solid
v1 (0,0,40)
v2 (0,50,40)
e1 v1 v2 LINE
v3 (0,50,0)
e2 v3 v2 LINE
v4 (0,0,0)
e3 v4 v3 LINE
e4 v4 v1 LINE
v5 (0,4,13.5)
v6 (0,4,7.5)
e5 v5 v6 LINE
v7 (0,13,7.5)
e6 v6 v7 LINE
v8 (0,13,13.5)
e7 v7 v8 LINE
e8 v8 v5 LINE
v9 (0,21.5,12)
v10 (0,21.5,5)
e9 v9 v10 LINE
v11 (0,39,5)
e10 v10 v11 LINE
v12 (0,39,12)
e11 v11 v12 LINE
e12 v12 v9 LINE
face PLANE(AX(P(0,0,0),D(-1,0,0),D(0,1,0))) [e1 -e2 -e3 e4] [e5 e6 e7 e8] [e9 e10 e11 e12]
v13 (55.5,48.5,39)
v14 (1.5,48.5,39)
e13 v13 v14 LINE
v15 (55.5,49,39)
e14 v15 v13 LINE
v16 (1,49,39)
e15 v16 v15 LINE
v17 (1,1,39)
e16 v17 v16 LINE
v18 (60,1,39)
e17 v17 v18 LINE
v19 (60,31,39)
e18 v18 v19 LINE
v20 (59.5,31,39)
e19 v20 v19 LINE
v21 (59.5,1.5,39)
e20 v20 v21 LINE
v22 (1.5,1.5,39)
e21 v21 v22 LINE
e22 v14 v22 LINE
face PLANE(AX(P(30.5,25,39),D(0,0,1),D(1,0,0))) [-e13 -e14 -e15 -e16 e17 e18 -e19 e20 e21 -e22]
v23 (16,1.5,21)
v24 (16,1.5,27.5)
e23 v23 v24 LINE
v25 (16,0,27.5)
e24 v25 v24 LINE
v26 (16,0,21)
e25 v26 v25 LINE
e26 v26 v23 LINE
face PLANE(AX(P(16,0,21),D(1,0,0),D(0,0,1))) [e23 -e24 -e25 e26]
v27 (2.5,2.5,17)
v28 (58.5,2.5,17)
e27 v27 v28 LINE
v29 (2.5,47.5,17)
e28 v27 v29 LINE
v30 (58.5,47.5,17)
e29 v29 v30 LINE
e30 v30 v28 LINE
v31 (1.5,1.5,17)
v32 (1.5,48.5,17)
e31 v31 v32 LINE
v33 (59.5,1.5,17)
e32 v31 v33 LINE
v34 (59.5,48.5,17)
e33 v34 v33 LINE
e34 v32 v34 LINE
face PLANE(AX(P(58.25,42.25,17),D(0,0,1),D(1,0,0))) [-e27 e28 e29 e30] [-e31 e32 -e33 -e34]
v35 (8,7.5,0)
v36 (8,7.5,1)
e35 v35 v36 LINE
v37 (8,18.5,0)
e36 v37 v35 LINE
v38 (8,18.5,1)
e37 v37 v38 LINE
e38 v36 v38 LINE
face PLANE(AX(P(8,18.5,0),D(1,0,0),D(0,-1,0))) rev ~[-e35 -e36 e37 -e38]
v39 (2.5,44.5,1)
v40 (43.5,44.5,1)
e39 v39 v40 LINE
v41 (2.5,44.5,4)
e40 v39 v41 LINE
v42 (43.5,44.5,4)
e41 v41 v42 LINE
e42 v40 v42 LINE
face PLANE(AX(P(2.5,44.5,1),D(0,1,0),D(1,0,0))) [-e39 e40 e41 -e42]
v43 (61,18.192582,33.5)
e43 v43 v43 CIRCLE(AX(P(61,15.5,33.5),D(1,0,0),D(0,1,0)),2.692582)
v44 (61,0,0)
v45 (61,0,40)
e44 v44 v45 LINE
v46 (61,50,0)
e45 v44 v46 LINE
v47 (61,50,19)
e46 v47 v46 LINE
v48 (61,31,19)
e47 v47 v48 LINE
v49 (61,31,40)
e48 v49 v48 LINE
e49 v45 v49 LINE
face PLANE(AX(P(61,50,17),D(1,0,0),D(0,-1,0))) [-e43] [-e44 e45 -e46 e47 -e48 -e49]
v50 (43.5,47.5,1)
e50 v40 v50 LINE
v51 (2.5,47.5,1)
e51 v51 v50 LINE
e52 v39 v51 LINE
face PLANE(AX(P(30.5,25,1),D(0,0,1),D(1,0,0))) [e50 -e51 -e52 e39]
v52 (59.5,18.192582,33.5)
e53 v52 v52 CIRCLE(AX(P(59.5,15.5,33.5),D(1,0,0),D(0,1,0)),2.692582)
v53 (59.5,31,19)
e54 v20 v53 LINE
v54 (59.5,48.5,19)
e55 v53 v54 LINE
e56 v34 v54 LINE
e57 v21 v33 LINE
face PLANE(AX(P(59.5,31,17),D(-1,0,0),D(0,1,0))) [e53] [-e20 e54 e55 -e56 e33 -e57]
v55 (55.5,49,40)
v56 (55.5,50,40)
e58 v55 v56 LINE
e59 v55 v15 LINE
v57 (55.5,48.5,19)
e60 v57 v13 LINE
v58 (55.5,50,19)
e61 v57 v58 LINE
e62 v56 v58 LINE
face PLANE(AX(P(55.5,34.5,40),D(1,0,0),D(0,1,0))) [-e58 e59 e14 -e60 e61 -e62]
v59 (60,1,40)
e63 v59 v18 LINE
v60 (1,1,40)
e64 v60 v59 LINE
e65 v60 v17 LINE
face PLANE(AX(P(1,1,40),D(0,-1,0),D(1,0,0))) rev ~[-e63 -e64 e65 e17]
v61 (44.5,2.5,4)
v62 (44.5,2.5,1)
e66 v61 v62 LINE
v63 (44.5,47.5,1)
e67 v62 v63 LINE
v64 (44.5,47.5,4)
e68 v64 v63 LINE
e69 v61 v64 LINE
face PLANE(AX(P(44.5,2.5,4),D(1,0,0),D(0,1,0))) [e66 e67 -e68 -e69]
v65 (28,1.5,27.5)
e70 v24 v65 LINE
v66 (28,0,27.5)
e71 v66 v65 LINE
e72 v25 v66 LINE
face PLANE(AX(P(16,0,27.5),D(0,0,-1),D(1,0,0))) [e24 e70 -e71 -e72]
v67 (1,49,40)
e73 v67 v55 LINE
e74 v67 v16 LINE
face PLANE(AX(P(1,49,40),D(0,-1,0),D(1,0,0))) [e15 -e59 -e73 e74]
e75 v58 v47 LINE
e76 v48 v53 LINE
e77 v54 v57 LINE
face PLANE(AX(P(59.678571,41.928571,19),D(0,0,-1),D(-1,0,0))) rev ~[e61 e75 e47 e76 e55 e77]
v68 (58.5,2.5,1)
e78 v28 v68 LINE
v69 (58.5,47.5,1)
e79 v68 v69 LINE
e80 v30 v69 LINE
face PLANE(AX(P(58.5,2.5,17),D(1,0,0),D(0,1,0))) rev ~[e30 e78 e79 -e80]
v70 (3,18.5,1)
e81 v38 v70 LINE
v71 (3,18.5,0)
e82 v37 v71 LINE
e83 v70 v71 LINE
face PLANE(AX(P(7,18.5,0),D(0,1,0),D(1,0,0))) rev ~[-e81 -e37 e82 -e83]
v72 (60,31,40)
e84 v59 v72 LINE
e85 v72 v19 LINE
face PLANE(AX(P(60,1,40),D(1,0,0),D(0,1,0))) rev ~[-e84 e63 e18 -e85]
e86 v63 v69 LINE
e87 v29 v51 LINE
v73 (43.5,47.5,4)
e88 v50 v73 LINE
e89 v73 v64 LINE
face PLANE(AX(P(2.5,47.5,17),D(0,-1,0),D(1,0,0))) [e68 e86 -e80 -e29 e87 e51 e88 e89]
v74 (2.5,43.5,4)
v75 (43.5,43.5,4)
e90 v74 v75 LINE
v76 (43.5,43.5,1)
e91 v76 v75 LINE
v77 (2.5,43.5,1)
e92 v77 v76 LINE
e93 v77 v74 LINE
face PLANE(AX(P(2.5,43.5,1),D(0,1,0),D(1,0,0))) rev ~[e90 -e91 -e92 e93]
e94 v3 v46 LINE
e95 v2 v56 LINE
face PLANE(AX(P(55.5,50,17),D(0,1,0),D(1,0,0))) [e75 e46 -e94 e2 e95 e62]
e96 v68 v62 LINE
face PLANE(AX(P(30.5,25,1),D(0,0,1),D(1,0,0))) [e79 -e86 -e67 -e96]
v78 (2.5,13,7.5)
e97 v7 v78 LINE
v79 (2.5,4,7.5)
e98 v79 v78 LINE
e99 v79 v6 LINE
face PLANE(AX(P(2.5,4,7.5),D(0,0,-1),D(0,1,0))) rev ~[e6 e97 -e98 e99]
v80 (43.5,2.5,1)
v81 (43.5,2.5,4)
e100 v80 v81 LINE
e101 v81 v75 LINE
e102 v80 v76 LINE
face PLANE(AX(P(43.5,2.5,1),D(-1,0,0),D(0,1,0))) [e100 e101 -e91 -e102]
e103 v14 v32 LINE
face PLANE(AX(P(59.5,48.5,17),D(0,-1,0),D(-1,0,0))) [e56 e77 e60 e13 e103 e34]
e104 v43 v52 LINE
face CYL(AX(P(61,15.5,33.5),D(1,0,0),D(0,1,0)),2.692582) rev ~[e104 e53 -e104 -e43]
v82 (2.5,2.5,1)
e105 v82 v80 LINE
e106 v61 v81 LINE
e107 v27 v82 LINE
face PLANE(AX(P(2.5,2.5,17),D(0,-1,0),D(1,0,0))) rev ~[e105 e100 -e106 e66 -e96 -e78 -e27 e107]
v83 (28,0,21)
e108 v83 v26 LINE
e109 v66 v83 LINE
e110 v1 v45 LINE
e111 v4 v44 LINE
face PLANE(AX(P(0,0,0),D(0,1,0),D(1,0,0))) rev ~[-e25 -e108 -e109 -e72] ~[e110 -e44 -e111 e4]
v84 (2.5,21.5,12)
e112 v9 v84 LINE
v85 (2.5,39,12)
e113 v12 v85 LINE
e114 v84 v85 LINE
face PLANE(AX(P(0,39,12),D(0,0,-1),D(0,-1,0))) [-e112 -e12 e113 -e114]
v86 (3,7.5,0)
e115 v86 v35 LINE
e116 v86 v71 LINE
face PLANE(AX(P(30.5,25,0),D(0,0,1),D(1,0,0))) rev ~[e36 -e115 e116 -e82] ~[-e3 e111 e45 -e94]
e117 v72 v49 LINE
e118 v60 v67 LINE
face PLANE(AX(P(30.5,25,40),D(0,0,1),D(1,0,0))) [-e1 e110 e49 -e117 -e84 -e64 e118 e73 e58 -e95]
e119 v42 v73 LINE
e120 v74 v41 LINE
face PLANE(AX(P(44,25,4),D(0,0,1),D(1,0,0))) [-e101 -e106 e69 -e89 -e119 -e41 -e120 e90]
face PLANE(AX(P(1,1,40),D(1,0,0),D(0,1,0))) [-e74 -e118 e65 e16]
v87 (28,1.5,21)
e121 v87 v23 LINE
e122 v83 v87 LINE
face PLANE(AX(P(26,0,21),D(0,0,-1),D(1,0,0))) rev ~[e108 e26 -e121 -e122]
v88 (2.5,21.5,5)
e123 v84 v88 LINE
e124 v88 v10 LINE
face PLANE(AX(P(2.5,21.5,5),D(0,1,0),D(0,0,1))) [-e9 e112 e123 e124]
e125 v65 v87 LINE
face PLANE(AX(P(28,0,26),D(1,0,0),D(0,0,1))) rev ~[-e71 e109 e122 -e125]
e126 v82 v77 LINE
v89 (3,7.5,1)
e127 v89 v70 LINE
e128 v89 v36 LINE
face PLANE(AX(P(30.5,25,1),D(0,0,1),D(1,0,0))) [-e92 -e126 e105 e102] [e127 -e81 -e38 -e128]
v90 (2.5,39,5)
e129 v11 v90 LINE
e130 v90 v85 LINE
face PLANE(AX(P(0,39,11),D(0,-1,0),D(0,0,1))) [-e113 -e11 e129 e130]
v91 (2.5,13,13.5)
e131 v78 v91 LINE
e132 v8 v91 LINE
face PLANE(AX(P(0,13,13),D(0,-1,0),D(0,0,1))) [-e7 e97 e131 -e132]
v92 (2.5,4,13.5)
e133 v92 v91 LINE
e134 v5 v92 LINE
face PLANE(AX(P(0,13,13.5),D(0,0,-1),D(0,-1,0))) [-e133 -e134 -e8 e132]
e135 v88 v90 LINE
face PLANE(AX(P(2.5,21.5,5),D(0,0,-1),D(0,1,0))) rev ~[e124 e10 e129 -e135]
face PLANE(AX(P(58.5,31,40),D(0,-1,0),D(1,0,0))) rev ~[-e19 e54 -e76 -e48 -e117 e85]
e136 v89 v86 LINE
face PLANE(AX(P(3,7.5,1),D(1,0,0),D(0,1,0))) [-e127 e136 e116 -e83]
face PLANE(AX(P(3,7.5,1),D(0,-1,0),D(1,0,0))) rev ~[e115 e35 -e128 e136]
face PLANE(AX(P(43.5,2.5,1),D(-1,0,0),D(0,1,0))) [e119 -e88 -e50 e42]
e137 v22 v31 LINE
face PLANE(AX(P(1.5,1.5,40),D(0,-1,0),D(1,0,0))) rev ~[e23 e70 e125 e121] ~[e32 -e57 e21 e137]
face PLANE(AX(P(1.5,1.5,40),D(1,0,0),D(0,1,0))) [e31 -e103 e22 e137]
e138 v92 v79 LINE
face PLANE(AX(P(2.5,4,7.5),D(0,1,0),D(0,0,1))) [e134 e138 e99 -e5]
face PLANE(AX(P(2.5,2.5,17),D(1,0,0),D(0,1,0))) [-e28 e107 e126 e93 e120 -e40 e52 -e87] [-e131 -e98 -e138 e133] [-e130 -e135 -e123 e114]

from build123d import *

# Parameters (mm, degrees)
SKETCH_W        = 61
SKETCH_H        = 50
PAD_DEPTH       = 40
SKETCH001_W     = 58
SKETCH001_H     = 47
POCKET_DEPTH    = 23
SKETCH002_W     = 56
SKETCH002_H     = 45
POCKET001_DEPTH = 16
SKETCH003_W     = 1
SKETCH003_H     = 45
PAD001_DEPTH    = 3
SKETCH004_W     = 4
SKETCH004_H     = 11
POCKET002_DEPTH = 5
SKETCH005_W     = 5.5
SKETCH005_H     = 15.5
POCKET003_DEPTH = 23
SKETCH006_W     = 59
SKETCH006_H     = 48
POCKET004_DEPTH = 1
SKETCH007_W     = 2.5
SKETCH007_H     = 3.5
POCKET005_DEPTH = 23
SKETCH009_W     = 10
SKETCH009_H     = 5
POCKET006_DEPTH = 5
PAD002_DEPTH    = 2
SKETCH011_W     = 8
SKETCH011_H     = 4.5
POCKET007_DEPTH = 5
SKETCH012_W     = 15.5
SKETCH012_H     = 6
POCKET008_DEPTH = 5
SKETCH013_W     = 9
SKETCH013_H     = 1
POCKET009_DEPTH = 3
SKETCH014_W     = 1
SKETCH014_H     = 4.5
POCKET010_DEPTH = 5
SKETCH015_W     = 9
SKETCH015_H     = 0.5
POCKET011_DEPTH = 5
SKETCH016_W     = 17.5
SKETCH016_H     = 1
POCKET012_DEPTH = 5
SKETCH017_W     = 2
SKETCH017_H     = 6
POCKET013_DEPTH = 5
SKETCH018_W     = 1
SKETCH018_H     = 11
POCKET014_DEPTH = 5
SKETCH019_W     = 12
SKETCH019_H     = 1.5
POCKET015_DEPTH = 5
SKETCH020_W     = 2
SKETCH020_H     = 5
POCKET016_DEPTH = 5
SKETCH021_R     = 2.692582
POCKET017_DEPTH = 5
SKETCH022_W     = 1
SKETCH022_H     = 45
PAD003_DEPTH    = 3
SKETCH023_W     = 41
SKETCH023_H     = 1
PAD004_DEPTH    = 3
SKETCH024_W     = 1
SKETCH024_H     = 45
POCKET018_DEPTH = 3


with BuildPart() as part:
    # Sketch → Pad (new body)
    with BuildSketch(Plane.XY):
        with Locations((30.5, 25)):
            Rectangle(SKETCH_W, SKETCH_H)
    extrude(amount=PAD_DEPTH)

    # Sketch001 (on Face6 of Pad) → Pocket (cut)
    with BuildSketch(Plane.XY.offset(40)):
        with Locations((30.5, 25)):
            Rectangle(SKETCH001_W, SKETCH001_H)
    extrude(amount=-POCKET_DEPTH, mode=Mode.SUBTRACT)

    # Sketch002 (on Face11 of Pocket) → Pocket001 (cut)
    with BuildSketch(Plane.XY.offset(17)):
        with Locations((30.5, 25)):
            Rectangle(SKETCH002_W, SKETCH002_H)
    extrude(amount=-POCKET001_DEPTH, mode=Mode.SUBTRACT)

    # Sketch003 (on Face16 of Pocket001) → Pad001 (join)
    with BuildSketch(Plane.XY.offset(1)):
        with Locations((45, 25)):
            Rectangle(SKETCH003_W, SKETCH003_H)
    extrude(amount=PAD001_DEPTH)

    # Sketch004 (on Face20 of Pad001) → Pocket002 (cut)
    with BuildSketch(Plane.XY.offset(1)):
        with Locations((5, 13)):
            Rectangle(SKETCH004_W, SKETCH004_H)
    extrude(amount=-POCKET002_DEPTH, mode=Mode.SUBTRACT)

    # Sketch005 (on Face5 of Pocket002) → Pocket003 (cut)
    with BuildSketch(Plane.XY.offset(40)):
        with Locations((58.25, 42.25)):
            Rectangle(SKETCH005_W, SKETCH005_H)
    extrude(amount=-POCKET003_DEPTH, mode=Mode.SUBTRACT)

    # Sketch006 (on Face5 of Pocket003) → Pocket004 (cut)
    with BuildSketch(Plane.XY.offset(40)):
        with Locations((30.5, 25)):
            Rectangle(SKETCH006_W, SKETCH006_H)
    extrude(amount=-POCKET004_DEPTH, mode=Mode.SUBTRACT)

    # Sketch007 (on Face5 of Pocket004) → Pocket005 (cut)
    with BuildSketch(Plane.XY.offset(40)):
        with Locations((59.75, 32.75)):
            Rectangle(SKETCH007_W, SKETCH007_H)
    extrude(amount=-POCKET005_DEPTH, mode=Mode.SUBTRACT)

    # Sketch009 (on Face1 of Pocket005) → Pocket006 (cut)
    with BuildSketch(Plane.XZ):
        with Locations((21, 23.5)):
            Rectangle(SKETCH009_W, SKETCH009_H)
    extrude(amount=-POCKET006_DEPTH, mode=Mode.SUBTRACT)

    # Sketch010 (on Face21 of Pocket006) → Pad002 (join)
    with BuildSketch(Plane.XY.offset(17)):
        Polygon((55.5, 50), (61, 50), (61, 31), (59.5, 31), (59.5, 48.5), (55.5, 48.5), align=None)
    extrude(amount=PAD002_DEPTH)

    # Sketch011 (on Face31 of Pad002) → Pocket007 (cut)
    with BuildSketch(Plane.YZ.offset(2.5)):
        with Locations((8, 9.75)):
            Rectangle(SKETCH011_W, SKETCH011_H)
    extrude(amount=-POCKET007_DEPTH, mode=Mode.SUBTRACT)

    # Sketch012 (on Face28 of Pocket007) → Pocket008 (cut)
    with BuildSketch(Plane.YZ.offset(2.5)):
        with Locations((29.25, 8)):
            Rectangle(SKETCH012_W, SKETCH012_H)
    extrude(amount=-POCKET008_DEPTH, mode=Mode.SUBTRACT)

    # Sketch013 (on Face2 of Pocket008) → Pocket009 (cut)
    with BuildSketch(Plane(origin=(0, 0, 0), x_dir=(0, -1, 0), z_dir=(-1, 0, 0))):
        with Locations((-8.5, 12.5)):
            Rectangle(SKETCH013_W, SKETCH013_H)
    extrude(amount=-POCKET009_DEPTH, mode=Mode.SUBTRACT)

    # Sketch014 (on Face2 of Pocket009) → Pocket010 (cut)
    with BuildSketch(Plane(origin=(0, 0, 0), x_dir=(0, -1, 0), z_dir=(-1, 0, 0))):
        with Locations((-12.5, 9.75)):
            Rectangle(SKETCH014_W, SKETCH014_H)
    extrude(amount=-POCKET010_DEPTH, mode=Mode.SUBTRACT)

    # Sketch015 (on Face2 of Pocket010) → Pocket011 (cut)
    with BuildSketch(Plane(origin=(0, 0, 0), x_dir=(0, -1, 0), z_dir=(-1, 0, 0))):
        with Locations((-8.5, 13.25)):
            Rectangle(SKETCH015_W, SKETCH015_H)
    extrude(amount=-POCKET011_DEPTH, mode=Mode.SUBTRACT)

    # Sketch016 (on Face2 of Pocket011) → Pocket012 (cut)
    with BuildSketch(Plane(origin=(0, 0, 0), x_dir=(0, -1, 0), z_dir=(-1, 0, 0))):
        with Locations((-30.25, 11.5)):
            Rectangle(SKETCH016_W, SKETCH016_H)
    extrude(amount=-POCKET012_DEPTH, mode=Mode.SUBTRACT)

    # Sketch017 (on Face2 of Pocket012) → Pocket013 (cut)
    with BuildSketch(Plane(origin=(0, 0, 0), x_dir=(0, -1, 0), z_dir=(-1, 0, 0))):
        with Locations((-38, 8)):
            Rectangle(SKETCH017_W, SKETCH017_H)
    extrude(amount=-POCKET013_DEPTH, mode=Mode.SUBTRACT)

    # Sketch018 (on Face3 of Pocket013) → Pocket014 (cut)
    with BuildSketch(Plane(origin=(0, 0, 0), x_dir=(1, 0, 0), z_dir=(0, 0, -1))):
        with Locations((7.5, -13)):
            Rectangle(SKETCH018_W, SKETCH018_H)
    extrude(amount=-POCKET014_DEPTH, mode=Mode.SUBTRACT)

    # Sketch019 (on Face1 of Pocket014) → Pocket015 (cut)
    with BuildSketch(Plane.XZ):
        with Locations((22, 26.75)):
            Rectangle(SKETCH019_W, SKETCH019_H)
    extrude(amount=-POCKET015_DEPTH, mode=Mode.SUBTRACT)

    # Sketch020 (on Face1 of Pocket015) → Pocket016 (cut)
    with BuildSketch(Plane.XZ):
        with Locations((27, 23.5)):
            Rectangle(SKETCH020_W, SKETCH020_H)
    extrude(amount=-POCKET016_DEPTH, mode=Mode.SUBTRACT)

    # Sketch021 (on Face5 of Pocket016) → Pocket017 (cut)
    with BuildSketch(Plane.YZ.offset(61)):
        with Locations((15.5, 33.5)):
            Circle(SKETCH021_R)
    extrude(amount=-POCKET017_DEPTH, mode=Mode.SUBTRACT)

    # Sketch022 (on Face47 of Pocket017) → Pad003 (join)
    with BuildSketch(Plane.XY.offset(1)):
        with Locations((44, 25)):
            Rectangle(SKETCH022_W, SKETCH022_H)
    extrude(amount=PAD003_DEPTH)

    # Sketch023 (on Face47 of Pad003) → Pad004 (join)
    with BuildSketch(Plane.XY.offset(1)):
        with Locations((23, 44)):
            Rectangle(SKETCH023_W, SKETCH023_H)
    extrude(amount=PAD004_DEPTH)

    # Sketch024 (on Face68 of Pad004) → Pocket018 (cut)
    with BuildSketch(Plane.XY.offset(4)):
        with Locations((45, 25)):
            Rectangle(SKETCH024_W, SKETCH024_H)
    extrude(amount=-POCKET018_DEPTH, mode=Mode.SUBTRACT)


solid = part.part
